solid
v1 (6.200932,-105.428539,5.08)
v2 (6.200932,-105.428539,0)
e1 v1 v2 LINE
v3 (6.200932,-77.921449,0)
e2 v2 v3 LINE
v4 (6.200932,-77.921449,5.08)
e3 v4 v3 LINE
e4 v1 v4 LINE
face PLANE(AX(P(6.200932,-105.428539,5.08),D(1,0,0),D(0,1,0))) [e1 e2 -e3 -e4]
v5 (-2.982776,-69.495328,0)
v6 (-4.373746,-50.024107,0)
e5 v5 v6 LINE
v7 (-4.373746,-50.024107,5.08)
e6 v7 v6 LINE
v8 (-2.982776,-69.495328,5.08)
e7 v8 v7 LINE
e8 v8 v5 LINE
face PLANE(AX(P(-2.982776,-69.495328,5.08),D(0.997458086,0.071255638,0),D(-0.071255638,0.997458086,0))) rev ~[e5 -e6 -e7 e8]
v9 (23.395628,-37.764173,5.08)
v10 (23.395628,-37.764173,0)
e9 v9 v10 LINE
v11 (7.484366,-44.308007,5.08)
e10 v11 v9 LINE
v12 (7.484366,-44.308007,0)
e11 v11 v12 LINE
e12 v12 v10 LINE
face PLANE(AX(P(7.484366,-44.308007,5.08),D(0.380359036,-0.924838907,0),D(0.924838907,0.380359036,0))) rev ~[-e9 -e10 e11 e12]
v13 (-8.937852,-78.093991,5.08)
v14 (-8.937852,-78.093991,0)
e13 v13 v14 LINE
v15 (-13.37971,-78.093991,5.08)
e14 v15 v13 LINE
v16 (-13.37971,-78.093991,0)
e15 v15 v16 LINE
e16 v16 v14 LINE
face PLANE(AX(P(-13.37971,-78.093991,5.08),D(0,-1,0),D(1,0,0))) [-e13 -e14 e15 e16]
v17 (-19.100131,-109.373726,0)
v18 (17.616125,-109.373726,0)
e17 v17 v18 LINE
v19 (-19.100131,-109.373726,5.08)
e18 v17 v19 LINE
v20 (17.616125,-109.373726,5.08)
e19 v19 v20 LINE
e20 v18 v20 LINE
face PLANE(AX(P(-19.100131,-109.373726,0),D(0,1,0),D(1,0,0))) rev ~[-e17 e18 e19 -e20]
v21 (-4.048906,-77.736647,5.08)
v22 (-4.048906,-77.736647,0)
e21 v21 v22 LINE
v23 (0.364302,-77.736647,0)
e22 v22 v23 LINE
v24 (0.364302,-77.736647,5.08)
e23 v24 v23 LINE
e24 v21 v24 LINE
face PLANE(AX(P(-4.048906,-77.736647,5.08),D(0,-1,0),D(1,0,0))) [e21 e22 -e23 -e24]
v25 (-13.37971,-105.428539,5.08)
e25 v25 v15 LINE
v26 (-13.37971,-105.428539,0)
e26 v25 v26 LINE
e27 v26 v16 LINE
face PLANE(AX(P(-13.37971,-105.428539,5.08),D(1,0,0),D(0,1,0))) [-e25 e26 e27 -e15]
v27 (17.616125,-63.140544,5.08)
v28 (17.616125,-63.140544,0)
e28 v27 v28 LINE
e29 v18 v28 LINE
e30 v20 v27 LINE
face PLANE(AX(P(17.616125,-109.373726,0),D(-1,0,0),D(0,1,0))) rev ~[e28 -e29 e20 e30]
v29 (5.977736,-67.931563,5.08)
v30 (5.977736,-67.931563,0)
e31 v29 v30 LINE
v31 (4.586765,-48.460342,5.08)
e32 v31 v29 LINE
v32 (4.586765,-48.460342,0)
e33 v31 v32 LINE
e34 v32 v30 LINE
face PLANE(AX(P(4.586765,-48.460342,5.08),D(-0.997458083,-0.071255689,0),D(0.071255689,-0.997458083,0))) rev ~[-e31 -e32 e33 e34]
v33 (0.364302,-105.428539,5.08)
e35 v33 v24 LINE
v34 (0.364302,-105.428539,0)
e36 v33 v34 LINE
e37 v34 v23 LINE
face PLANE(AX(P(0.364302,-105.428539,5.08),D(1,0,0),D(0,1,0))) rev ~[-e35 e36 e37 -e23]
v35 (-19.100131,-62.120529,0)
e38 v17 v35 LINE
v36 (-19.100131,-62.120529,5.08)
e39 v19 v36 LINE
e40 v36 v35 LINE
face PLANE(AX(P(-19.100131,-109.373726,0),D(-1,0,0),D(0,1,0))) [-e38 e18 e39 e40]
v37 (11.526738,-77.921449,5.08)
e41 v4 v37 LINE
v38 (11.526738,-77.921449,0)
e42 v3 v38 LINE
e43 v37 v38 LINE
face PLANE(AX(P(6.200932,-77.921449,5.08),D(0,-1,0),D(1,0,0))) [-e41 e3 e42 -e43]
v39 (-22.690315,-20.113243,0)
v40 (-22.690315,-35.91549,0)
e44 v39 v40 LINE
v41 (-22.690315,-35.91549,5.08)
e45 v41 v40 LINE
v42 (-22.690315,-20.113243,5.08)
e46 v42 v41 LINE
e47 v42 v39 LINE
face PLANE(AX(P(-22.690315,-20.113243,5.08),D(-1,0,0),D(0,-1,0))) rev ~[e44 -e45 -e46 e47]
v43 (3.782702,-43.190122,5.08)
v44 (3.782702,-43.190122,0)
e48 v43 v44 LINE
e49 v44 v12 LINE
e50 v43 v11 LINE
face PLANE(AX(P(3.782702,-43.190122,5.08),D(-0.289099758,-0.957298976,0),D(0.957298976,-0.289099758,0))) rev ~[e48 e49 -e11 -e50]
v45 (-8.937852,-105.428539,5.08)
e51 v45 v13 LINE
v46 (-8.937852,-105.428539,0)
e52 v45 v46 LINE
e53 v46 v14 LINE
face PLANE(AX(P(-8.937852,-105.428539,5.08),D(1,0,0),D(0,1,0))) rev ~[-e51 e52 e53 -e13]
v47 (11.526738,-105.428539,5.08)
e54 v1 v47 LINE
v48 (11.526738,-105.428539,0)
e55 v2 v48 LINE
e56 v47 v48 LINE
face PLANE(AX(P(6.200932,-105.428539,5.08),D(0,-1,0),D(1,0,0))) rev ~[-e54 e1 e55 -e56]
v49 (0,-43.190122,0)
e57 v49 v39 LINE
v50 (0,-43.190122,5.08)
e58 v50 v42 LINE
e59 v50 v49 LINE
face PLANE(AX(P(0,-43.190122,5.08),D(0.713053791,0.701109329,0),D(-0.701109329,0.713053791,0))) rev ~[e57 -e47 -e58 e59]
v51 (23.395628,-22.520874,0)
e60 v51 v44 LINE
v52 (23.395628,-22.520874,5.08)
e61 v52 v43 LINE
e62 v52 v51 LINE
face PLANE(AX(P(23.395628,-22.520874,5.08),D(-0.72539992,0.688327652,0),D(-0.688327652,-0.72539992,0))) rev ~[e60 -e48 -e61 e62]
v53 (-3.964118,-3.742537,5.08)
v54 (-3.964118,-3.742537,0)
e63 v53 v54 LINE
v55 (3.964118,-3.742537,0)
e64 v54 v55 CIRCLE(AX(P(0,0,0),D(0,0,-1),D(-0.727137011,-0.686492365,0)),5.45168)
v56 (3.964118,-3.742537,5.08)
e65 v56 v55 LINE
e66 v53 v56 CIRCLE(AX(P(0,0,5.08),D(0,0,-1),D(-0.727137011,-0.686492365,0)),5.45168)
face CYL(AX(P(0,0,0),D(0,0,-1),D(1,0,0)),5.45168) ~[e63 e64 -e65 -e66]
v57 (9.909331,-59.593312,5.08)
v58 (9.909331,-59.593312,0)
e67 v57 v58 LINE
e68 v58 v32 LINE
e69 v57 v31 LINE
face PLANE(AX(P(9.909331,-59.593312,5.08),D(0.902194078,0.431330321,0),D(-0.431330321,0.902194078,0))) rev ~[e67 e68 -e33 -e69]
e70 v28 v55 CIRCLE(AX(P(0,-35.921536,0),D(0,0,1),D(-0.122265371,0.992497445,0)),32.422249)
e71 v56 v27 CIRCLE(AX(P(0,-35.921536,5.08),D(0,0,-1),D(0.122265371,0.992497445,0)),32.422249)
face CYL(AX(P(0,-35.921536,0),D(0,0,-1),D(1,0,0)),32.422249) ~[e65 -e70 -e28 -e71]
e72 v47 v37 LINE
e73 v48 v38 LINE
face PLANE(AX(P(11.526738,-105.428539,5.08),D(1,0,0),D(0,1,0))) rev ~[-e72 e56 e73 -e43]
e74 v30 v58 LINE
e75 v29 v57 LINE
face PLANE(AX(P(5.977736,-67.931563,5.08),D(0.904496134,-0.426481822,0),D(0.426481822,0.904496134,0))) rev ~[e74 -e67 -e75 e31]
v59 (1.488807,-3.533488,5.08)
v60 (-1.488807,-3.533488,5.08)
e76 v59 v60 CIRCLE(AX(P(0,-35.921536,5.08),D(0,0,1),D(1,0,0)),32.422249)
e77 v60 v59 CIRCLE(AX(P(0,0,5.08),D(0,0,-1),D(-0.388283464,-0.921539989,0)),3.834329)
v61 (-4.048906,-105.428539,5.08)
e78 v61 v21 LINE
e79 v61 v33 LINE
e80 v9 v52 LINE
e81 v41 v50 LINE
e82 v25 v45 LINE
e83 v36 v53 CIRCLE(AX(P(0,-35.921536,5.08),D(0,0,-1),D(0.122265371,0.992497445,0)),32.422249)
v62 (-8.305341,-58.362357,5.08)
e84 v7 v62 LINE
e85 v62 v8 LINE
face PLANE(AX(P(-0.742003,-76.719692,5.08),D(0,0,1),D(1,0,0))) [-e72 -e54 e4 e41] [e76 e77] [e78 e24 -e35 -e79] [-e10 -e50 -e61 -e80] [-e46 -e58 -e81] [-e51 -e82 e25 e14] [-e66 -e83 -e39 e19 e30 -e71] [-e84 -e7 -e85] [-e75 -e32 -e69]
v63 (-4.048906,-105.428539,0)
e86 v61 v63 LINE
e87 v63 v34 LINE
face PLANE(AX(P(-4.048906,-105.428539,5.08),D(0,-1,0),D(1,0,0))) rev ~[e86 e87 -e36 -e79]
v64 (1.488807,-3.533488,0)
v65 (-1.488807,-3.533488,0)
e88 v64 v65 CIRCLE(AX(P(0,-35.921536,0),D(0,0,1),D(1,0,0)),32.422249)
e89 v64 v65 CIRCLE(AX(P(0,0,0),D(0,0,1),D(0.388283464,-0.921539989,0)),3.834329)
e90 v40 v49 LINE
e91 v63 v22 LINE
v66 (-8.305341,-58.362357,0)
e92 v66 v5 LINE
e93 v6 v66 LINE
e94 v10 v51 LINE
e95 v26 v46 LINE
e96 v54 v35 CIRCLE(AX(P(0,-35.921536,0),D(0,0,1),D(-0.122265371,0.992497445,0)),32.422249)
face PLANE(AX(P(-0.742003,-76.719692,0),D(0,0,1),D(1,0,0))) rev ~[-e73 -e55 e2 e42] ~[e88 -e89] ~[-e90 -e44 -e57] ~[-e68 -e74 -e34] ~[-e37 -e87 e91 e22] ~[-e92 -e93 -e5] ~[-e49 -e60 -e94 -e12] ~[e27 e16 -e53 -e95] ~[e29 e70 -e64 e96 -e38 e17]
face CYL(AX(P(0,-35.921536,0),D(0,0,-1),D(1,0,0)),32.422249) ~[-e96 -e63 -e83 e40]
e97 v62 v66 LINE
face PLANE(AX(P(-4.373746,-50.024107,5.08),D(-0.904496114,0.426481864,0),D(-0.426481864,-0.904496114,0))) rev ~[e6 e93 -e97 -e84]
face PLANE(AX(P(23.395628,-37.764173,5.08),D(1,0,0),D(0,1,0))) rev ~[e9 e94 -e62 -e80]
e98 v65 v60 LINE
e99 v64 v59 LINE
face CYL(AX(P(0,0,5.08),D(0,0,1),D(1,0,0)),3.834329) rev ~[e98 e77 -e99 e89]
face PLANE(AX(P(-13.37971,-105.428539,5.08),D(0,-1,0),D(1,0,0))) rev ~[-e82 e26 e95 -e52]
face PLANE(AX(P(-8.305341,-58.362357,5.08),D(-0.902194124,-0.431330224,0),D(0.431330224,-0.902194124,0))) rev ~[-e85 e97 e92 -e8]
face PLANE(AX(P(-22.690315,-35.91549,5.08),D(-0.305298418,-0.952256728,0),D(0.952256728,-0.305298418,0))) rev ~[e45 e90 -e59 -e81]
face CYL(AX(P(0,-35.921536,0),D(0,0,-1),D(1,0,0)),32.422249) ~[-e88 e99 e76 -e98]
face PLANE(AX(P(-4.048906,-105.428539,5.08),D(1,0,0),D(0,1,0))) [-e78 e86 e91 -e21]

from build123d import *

# Parameters (mm, degrees)
F0_R      = 5.45168
F1_DEPTH  = 5.08
F2_R      = 3.834329
F3_DEPTH  = 25.4
F4_R      = 32.422249
F5_DEPTH  = 5.08
F6_W      = 36.716256
F6_H      = 65.308068
F7_DEPTH  = 5.08
F9_W      = 4.441859
F9_H      = 27.334548
F9_W_2    = 4.413207
F9_H_2    = 27.691893
F9_W_3    = 5.325806
F9_H_3    = 27.507089
F10_DEPTH = 25.4
F12_DEPTH = 25.4
F14_DEPTH = 25.4


with BuildPart() as f1:
    # F0 (on Top) → F1 (new body)
    with BuildSketch(Plane.XY):
        Circle(F0_R)
    extrude(amount=F1_DEPTH)

    # F2 (on face) → F3 (cut)
    with BuildSketch(Plane.XY.offset(5.08)):
        Circle(F2_R)
    extrude(amount=-F3_DEPTH, mode=Mode.SUBTRACT)

    # F4 (on Top) → F5 (join)
    with BuildSketch(Plane.XY):
        with Locations((0, -35.921536)):
            Circle(F4_R)
    extrude(amount=F5_DEPTH)

    # F6 (on Top) → F7 (join)
    with BuildSketch(Plane.XY):
        with Locations((-0.742003, -76.719692)):
            Rectangle(F6_W, F6_H)
    extrude(amount=F7_DEPTH)

    # F9 (on face) → F10 (cut)
    with BuildSketch(Plane.XY.offset(5.08)):
        with Locations((-11.158781, -91.761265)):
            Rectangle(F9_W, F9_H)
        with Locations((-1.842302, -91.582593)):
            Rectangle(F9_W_2, F9_H_2)
        with Locations((8.863835, -91.674994)):
            Rectangle(F9_W_3, F9_H_3)
    extrude(amount=-F10_DEPTH, mode=Mode.SUBTRACT)

    # F11 (on face) → F12 (cut)
    with BuildSketch(Plane.XY.offset(5.08)):
        Polygon((9.909331, -59.593312), (4.586765, -48.460342), (5.977736, -67.931563), align=None)
        Polygon((-8.305341, -58.362357), (-2.982776, -69.495328), (-4.373746, -50.024107), align=None)
    extrude(amount=-F12_DEPTH, mode=Mode.SUBTRACT)

    # F13 (on face) → F14 (cut)
    with BuildSketch(Plane.XY.offset(5.08)):
        Polygon((23.395628, -22.520874), (3.782702, -43.190122), (7.484366, -44.308007), (23.395628, -37.764173), align=None)
        Polygon((0, -43.190122), (-22.690315, -20.113243), (-22.690315, -35.91549), align=None)
    extrude(amount=-F14_DEPTH, mode=Mode.SUBTRACT)


solid = f1.part
